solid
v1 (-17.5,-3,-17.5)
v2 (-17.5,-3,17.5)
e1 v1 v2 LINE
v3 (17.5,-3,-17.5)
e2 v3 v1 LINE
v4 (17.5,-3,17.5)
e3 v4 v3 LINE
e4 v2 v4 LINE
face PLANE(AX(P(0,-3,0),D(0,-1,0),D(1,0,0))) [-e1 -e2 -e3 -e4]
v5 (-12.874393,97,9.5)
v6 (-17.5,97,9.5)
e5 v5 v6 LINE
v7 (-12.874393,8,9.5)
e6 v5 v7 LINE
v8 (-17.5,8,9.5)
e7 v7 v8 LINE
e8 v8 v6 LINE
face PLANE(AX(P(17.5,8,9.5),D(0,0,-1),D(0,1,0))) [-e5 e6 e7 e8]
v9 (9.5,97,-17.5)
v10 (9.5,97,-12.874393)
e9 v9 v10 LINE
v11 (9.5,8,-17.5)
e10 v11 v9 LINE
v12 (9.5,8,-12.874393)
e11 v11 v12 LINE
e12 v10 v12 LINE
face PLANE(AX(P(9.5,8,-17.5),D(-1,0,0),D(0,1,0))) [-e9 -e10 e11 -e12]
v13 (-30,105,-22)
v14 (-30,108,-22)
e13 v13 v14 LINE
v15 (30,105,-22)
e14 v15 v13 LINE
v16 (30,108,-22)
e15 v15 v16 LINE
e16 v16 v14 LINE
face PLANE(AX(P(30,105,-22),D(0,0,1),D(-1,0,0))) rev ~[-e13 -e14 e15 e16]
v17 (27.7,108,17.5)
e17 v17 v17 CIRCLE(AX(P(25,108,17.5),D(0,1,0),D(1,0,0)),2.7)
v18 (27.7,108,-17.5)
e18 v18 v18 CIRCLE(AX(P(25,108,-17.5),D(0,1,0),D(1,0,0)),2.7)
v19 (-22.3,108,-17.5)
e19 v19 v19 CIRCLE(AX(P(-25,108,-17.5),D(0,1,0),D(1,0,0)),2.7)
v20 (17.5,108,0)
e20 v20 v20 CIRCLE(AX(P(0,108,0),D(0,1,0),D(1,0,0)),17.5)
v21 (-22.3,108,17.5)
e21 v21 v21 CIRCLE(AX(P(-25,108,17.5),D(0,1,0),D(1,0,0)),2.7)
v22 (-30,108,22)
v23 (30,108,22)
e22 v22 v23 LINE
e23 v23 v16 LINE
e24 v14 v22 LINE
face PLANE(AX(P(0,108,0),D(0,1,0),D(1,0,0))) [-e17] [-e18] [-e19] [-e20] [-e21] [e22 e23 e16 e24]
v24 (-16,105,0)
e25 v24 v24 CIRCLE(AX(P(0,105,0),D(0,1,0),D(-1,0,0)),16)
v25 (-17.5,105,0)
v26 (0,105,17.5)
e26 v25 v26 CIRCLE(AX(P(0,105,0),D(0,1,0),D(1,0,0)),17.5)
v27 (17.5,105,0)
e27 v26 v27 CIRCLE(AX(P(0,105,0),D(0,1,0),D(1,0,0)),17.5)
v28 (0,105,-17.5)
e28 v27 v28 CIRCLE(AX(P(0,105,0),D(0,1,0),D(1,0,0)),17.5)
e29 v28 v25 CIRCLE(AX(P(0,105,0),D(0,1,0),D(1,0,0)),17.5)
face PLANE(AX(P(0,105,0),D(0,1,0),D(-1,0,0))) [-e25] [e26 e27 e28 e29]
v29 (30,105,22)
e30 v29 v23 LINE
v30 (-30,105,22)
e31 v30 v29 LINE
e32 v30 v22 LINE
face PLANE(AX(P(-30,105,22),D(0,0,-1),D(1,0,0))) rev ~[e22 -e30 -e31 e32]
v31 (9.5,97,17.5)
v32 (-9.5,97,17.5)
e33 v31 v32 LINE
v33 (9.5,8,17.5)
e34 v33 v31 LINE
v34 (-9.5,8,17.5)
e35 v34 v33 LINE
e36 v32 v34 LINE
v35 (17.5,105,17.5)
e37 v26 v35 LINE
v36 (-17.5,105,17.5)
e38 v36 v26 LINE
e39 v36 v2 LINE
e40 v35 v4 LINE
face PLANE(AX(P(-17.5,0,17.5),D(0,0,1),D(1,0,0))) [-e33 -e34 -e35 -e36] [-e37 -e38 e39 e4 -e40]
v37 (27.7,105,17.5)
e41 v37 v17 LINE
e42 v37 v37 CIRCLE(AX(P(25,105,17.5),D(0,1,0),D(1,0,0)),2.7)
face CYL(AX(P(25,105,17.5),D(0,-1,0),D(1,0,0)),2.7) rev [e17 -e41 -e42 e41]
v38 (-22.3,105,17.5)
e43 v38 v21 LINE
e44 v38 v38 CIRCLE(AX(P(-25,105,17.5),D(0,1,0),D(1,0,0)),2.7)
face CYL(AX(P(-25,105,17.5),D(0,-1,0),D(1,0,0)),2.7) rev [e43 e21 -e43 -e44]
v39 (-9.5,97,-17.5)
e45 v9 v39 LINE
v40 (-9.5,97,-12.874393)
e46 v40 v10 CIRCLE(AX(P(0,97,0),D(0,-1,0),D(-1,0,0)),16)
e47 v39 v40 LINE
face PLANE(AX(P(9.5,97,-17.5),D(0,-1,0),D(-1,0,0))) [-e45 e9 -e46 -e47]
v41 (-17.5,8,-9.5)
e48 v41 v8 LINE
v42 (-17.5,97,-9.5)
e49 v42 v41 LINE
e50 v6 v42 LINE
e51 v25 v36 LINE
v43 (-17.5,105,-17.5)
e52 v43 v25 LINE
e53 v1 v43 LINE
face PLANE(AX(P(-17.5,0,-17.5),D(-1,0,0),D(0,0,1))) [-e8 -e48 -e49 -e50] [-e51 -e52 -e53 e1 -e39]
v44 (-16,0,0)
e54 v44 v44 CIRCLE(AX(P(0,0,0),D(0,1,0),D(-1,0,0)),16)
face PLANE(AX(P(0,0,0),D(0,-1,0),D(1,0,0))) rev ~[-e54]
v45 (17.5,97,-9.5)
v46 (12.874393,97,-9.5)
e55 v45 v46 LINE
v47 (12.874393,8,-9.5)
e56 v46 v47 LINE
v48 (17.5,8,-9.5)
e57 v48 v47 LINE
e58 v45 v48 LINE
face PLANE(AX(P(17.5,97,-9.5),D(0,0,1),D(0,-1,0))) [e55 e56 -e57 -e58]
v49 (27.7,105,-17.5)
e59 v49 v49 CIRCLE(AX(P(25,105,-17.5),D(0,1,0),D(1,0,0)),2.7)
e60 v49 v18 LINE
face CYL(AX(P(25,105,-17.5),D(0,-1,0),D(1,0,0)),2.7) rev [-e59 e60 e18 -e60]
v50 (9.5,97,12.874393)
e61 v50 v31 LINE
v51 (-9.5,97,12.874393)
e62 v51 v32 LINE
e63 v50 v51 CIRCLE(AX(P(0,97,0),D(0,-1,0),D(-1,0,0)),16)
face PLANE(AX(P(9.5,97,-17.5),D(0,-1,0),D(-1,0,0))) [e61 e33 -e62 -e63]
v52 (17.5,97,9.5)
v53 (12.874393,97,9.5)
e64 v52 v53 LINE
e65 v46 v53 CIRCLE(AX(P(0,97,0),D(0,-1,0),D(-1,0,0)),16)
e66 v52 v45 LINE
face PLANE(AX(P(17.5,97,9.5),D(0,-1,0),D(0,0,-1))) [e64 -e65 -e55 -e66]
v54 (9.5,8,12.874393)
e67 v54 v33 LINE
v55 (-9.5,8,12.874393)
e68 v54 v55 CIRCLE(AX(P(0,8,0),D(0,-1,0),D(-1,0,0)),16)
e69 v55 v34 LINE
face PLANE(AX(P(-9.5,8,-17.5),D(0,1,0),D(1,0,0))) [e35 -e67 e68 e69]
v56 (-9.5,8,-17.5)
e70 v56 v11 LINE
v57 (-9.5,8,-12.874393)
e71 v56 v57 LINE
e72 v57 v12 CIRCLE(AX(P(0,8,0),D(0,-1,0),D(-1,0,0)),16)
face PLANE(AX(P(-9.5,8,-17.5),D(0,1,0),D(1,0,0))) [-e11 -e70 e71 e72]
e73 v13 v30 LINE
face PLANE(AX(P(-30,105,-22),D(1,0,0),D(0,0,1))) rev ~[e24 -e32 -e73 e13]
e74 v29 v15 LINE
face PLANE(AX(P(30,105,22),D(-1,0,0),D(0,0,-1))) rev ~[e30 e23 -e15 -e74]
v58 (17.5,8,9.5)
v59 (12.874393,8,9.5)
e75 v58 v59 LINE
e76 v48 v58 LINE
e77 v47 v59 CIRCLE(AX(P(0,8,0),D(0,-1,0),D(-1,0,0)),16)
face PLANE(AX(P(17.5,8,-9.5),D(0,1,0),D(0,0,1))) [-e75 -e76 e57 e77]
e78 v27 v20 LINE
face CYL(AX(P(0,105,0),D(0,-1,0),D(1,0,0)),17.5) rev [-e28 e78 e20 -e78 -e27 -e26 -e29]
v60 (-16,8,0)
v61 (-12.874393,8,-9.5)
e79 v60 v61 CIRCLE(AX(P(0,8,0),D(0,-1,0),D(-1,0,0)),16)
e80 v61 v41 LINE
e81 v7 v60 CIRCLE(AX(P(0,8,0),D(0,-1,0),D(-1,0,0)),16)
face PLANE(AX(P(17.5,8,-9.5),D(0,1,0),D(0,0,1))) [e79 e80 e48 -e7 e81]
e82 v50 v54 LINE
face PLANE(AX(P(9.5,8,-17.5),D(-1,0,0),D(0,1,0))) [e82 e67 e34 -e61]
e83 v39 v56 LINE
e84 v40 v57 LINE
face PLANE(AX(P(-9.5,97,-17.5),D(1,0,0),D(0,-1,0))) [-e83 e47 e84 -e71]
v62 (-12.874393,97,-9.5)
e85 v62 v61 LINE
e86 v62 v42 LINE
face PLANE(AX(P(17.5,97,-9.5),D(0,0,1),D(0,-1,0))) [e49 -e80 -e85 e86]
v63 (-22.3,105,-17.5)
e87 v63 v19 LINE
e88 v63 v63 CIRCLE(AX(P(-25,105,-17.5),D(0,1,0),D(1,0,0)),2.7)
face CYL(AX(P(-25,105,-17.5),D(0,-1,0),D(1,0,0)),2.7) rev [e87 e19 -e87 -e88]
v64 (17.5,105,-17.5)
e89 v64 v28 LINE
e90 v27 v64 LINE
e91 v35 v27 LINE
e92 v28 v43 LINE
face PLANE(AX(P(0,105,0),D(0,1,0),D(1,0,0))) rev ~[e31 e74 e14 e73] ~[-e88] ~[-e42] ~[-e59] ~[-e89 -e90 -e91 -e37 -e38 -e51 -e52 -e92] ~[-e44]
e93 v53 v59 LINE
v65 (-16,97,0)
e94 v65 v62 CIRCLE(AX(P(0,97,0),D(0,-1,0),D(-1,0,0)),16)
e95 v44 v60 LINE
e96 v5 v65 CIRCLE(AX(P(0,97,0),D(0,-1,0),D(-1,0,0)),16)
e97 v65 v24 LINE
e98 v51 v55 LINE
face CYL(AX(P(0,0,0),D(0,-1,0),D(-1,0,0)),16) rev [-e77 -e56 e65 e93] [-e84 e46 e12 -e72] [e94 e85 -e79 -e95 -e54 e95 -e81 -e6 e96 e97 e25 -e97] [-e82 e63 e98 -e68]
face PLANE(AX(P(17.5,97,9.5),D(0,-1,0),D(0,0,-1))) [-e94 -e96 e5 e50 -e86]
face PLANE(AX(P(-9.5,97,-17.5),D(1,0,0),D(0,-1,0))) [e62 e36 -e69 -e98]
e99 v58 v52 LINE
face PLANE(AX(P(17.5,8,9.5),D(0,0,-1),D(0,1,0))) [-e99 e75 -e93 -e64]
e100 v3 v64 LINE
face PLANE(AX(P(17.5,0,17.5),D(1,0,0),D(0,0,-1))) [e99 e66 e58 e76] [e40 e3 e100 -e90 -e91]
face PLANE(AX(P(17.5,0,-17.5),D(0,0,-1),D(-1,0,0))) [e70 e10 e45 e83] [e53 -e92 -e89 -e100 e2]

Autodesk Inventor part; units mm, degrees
ref_plane "YZ Plane" through (0, 0, 0) normal (1, 0, 0) x (0, 1, 0)
ref_plane "XZ Plane" through (0, 0, 0) normal (0, 1, 0) x (-1, 0, 0)
ref_plane "XY Plane" through (0, 0, 0) normal (0, 0, 1) x (1, 0, 0)
sketch "Sketch1" plane through (0, 0, 0) normal (0, 1, 0) x (-1, 0, 0)
  line L0 (17.5, 17.5) -> (-17.5, 17.5)
  line L1 (-17.5, 17.5) -> (-17.5, -17.5)
  line L2 (-17.5, -17.5) -> (17.5, -17.5)
  line L3 (17.5, -17.5) -> (17.5, 17.5)
  line L4 (17.5, 17.5) -> (-17.5, -17.5) construction
  line L5 (-17.5, 17.5) -> (17.5, -17.5) construction
  circle A0 centre (0, 0) radius 16
  dimension "d0" = 35
  dimension "d1" = 35
  dimension "d2" = 32
extrude "Extrusion1" add sketch "Sketch1" along normal blind 105
sketch "Sketch2" plane through (17.5, 0, 17.5) normal (1, 0, 0) x (0, 0, -1)
  line L0 (27, 8) -> (8, 8)
  line L1 (8, 8) -> (8, 97)
  line L2 (8, 97) -> (27, 97)
  line L3 (27, 97) -> (27, 8)
  line L4 (0, 0) -> (35, 0) projected
  line L5 (0, 0) -> (0, 105) projected
  line L6 (35, 0) -> (35, 105) projected
  line L7 (0, 105) -> (35, 105) projected
  point P0 (17.5, 0)
  dimension "d5" = 8
  dimension "d6" = 8
  dimension "d7" = 8
  dimension "d8" = 8
extrude "Extrusion2" cut sketch "Sketch2" against normal through all contours L0 L1 L2 L3
sketch "Sketch3" plane through (17.5, 0, -17.5) normal (0, 0, -1) x (-1, 0, 0)
  line L0 (8, 97) -> (27, 97)
  line L1 (27, 97) -> (27, 8)
  line L2 (27, 8) -> (8, 8)
  line L3 (8, 8) -> (8, 97)
  line L4 (0, 0) -> (0, 105) projected
  line L5 (35, 0) -> (35, 105) projected
  line L6 (0, 105) -> (35, 105) projected
  line L7 (0, 0) -> (35, 0) projected
  point P0 (17.5, 0)
  dimension "d11" = 8
  dimension "d12" = 8
  dimension "d13" = 8
  dimension "d14" = 8
extrude "Extrusion3" cut sketch "Sketch3" against normal through all contours L0 L1 L2 L3
sketch "Sketch4" plane through (0, 0, 0) normal (0, -1, 0) x (1, 0, 0)
  line L0 (17.5, 17.5) -> (17.5, -17.5) projected
  line L1 (-17.5, 17.5) -> (17.5, 17.5)
  line L2 (17.5, 17.5) -> (17.5, -17.5)
  line L3 (17.5, -17.5) -> (-17.5, -17.5)
  line L4 (-17.5, -17.5) -> (-17.5, 17.5)
  line L5 (-17.5, 17.5) -> (17.5, -17.5) construction
  line L6 (17.5, 17.5) -> (-17.5, -17.5) construction
  point P0 (0, 0)
extrude "Extrusion4" add sketch "Sketch4" along normal blind 3
sketch "Sketch5" plane through (0, 105, 0) normal (0, 1, 0) x (1, 0, 0)
  line L0 (30, 22) -> (-30, 22)
  line L1 (-30, 22) -> (-30, -22)
  line L2 (-30, -22) -> (30, -22)
  line L3 (30, -22) -> (30, 22)
  line L4 (30, 22) -> (-30, -22) construction
  line L5 (-30, 22) -> (30, -22) construction
  circle A0 centre (0, 0) radius 17.5
  circle A1 centre (25, -17.5) radius 2.7
  circle A2 centre (25, 17.5) radius 2.7
  circle A3 centre (-25, 17.5) radius 2.7
  circle A4 centre (-25, -17.5) radius 2.7
  dimension "d19" = 60
  dimension "d20" = 44
  dimension "d21" = 35
  dimension "d22" = 5.4
  dimension "d23" = 4.5
  dimension "d24" = 5
  dimension "d25" = 5.4
  dimension "d26" = 4.5
  dimension "d27" = 5
  dimension "d28" = 4.5
  dimension "d29" = 5
  dimension "d30" = 5.4
  dimension "d31" = 5.4
  dimension "d32" = 4.5
  dimension "d33" = 5
extrude "Extrusion5" add sketch "Sketch5" along normal blind 3
equation "\"d0\" = d1"
equation "\"d6\" = d5"
equation "\"d7\" = d6"
equation "\"d8\" = d5"
equation "\"d12\" = d11"
equation "\"d13\" = d11"
equation "\"d14\" = d11"
equation "\"d25\" = d22"
equation "\"d26\" = d23"
equation "\"d27\" = d24"
equation "\"d28\" = d32"
equation "\"d29\" = d24"
equation "\"d30\" = d22"
equation "\"d31\" = d22"
equation "\"d32\" = d23"
equation "\"d33\" = d24"
properties part number "port tube v01"
